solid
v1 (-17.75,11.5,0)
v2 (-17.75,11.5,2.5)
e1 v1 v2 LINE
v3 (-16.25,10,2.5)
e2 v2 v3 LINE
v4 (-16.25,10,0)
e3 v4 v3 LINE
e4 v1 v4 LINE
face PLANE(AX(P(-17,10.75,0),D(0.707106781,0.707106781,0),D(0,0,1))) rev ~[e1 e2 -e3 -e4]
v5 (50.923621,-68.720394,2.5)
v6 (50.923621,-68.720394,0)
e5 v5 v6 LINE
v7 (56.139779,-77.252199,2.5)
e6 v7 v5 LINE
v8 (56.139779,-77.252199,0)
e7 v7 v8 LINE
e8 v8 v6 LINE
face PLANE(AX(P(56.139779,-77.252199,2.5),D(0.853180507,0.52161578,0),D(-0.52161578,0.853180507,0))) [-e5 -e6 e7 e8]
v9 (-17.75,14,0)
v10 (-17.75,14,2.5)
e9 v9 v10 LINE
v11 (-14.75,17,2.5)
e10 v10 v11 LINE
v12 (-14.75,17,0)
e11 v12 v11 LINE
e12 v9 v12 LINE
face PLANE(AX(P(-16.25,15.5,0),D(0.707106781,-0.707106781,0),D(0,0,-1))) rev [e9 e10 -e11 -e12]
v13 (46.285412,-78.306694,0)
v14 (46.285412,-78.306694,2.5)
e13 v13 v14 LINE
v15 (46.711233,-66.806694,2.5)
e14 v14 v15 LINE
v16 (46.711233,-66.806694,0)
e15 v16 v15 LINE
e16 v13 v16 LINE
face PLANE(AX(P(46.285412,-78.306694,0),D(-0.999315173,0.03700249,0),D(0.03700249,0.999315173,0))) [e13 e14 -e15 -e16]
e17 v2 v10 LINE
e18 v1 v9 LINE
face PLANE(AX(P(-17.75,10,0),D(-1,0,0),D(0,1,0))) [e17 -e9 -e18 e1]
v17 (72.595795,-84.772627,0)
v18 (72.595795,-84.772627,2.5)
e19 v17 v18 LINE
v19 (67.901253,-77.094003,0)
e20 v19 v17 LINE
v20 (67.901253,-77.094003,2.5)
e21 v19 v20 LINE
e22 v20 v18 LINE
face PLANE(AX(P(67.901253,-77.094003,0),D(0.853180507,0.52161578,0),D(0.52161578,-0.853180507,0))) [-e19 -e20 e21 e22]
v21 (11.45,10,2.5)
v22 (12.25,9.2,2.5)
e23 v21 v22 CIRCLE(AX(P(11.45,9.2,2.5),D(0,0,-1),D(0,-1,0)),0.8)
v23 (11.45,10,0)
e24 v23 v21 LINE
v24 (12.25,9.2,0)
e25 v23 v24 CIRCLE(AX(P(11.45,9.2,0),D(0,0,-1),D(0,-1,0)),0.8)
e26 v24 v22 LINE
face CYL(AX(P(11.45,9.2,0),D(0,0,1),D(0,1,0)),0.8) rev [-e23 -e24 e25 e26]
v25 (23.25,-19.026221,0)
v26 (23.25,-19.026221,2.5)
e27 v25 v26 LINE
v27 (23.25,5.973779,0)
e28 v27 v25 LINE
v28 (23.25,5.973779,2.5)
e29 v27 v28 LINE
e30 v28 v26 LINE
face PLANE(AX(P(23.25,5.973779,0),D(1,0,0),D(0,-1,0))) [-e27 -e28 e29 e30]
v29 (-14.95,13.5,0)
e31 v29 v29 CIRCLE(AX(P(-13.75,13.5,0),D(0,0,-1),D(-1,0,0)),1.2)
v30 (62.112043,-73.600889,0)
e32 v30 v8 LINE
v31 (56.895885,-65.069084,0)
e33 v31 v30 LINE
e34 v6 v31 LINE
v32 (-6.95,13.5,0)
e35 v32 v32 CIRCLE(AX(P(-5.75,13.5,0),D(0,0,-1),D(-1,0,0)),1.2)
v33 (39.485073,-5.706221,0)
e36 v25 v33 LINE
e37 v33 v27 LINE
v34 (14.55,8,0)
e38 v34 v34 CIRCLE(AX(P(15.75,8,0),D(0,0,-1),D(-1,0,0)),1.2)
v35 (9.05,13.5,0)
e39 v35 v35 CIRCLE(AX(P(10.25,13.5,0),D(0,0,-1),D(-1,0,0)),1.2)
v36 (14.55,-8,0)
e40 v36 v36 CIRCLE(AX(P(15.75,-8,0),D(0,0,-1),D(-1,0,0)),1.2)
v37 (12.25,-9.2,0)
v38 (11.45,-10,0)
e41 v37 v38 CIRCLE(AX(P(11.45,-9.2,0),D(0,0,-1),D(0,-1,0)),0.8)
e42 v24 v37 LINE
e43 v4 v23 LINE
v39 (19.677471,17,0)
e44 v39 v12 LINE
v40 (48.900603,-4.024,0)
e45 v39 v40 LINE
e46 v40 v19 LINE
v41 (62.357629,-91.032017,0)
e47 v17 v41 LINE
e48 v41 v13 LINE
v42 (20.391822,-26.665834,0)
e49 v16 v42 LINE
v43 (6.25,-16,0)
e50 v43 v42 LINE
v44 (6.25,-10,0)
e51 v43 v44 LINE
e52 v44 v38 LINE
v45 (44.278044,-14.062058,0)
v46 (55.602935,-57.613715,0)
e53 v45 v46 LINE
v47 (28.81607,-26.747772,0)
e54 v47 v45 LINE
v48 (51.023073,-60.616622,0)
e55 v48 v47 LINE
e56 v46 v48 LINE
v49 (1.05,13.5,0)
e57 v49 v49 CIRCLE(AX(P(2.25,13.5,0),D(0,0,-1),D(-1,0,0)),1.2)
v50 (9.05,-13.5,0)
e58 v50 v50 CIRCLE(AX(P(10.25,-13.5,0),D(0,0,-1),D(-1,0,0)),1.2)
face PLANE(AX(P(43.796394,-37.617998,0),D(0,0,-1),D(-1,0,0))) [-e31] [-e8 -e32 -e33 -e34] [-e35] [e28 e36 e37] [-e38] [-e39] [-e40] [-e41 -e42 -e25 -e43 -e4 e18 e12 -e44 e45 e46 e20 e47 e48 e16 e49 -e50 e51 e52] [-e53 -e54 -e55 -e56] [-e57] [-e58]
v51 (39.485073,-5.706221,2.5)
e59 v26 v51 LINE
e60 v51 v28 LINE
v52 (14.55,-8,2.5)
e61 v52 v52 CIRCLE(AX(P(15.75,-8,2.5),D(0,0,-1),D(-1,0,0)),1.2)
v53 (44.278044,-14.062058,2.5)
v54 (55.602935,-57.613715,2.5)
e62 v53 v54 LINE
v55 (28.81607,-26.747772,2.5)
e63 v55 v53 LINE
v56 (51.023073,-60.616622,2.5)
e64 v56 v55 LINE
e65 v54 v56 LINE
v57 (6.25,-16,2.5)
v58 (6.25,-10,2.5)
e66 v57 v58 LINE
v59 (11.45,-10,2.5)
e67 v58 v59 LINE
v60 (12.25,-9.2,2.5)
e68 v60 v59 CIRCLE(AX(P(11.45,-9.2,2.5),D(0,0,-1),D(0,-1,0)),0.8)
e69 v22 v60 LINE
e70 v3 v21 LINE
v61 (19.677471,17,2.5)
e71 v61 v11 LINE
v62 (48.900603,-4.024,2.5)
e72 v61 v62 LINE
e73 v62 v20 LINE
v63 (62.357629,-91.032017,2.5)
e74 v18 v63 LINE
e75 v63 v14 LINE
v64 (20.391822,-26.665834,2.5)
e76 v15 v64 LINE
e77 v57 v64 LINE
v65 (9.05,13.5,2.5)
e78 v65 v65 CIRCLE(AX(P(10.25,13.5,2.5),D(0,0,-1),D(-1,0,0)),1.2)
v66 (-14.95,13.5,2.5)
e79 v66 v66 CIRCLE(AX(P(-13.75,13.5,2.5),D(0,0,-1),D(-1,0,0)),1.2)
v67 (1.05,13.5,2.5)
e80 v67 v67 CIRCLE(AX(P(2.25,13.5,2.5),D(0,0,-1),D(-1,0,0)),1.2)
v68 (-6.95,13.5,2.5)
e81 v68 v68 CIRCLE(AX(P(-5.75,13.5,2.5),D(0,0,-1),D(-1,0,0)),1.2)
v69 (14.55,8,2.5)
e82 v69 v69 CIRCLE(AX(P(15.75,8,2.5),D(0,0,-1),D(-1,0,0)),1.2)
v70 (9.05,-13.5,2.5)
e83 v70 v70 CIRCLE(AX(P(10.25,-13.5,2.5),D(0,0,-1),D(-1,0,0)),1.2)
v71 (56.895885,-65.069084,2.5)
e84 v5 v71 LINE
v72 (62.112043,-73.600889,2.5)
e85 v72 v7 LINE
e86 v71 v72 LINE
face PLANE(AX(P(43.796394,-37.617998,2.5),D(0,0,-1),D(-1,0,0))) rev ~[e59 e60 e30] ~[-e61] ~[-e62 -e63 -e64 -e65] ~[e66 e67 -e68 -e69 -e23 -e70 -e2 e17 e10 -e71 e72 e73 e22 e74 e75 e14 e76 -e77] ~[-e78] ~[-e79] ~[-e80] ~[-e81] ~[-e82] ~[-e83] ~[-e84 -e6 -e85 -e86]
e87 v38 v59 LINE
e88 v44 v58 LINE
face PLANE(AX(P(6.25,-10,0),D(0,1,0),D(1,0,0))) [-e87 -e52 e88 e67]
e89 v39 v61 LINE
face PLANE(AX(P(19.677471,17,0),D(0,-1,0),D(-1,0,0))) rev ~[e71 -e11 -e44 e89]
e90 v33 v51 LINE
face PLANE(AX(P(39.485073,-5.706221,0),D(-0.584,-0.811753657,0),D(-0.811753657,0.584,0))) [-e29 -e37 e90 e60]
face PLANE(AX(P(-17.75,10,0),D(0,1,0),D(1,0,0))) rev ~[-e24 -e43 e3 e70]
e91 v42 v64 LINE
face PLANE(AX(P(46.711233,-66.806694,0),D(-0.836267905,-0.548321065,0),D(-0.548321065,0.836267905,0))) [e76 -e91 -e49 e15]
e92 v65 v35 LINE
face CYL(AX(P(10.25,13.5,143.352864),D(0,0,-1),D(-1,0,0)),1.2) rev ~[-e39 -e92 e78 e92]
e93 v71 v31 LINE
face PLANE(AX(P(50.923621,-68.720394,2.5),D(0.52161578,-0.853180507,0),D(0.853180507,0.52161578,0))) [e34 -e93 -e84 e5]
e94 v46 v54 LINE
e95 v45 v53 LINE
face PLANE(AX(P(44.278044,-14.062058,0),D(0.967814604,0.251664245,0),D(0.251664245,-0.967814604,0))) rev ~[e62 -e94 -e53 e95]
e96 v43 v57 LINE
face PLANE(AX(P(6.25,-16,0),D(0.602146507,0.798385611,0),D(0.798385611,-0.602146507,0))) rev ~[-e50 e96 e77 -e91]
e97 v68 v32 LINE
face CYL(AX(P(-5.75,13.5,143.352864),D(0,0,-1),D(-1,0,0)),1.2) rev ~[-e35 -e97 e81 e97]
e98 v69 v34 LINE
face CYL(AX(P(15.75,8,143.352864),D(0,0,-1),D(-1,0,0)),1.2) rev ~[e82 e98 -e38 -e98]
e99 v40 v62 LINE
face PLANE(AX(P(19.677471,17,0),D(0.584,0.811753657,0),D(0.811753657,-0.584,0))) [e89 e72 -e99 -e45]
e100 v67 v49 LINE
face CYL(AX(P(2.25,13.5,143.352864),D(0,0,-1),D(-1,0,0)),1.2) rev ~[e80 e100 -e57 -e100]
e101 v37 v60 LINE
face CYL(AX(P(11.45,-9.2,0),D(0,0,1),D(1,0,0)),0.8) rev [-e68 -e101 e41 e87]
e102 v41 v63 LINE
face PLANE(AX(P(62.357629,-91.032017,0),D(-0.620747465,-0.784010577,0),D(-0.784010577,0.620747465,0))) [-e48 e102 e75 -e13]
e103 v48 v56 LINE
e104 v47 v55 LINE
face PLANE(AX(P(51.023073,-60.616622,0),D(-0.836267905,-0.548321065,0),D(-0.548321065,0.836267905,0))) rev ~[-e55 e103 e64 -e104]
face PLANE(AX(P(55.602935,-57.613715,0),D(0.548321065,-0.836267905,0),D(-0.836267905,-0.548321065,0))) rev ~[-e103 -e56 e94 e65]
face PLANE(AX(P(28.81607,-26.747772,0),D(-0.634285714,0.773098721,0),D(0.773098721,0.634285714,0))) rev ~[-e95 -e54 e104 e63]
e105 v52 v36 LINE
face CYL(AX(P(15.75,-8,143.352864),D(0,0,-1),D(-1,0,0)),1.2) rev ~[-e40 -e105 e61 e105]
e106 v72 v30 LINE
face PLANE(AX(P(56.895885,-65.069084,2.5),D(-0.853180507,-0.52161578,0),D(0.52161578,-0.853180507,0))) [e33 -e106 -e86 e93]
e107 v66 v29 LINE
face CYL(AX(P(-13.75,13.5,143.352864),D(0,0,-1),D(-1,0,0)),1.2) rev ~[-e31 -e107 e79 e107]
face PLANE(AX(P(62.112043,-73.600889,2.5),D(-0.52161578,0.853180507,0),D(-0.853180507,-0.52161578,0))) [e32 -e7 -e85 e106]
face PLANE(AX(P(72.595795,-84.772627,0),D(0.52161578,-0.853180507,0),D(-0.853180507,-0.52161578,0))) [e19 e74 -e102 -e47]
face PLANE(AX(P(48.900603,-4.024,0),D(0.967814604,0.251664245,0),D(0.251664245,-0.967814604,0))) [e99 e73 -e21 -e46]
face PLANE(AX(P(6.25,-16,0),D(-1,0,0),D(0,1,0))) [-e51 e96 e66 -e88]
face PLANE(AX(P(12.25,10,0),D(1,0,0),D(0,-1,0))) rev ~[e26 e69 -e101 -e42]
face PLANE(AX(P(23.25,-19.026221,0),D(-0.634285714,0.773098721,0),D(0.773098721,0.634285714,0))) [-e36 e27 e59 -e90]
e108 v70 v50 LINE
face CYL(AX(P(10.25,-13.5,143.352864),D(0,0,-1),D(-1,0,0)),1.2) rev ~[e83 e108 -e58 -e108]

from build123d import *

# Parameters (mm, degrees)
ESQUISSE1_W             = 6
ESQUISSE1_H             = 6
BOSS_EXTRU_1_DEPTH      = 2.5
D_GAGEMENT_M21_D        = 2.4
CHANFREIN1_SIZE         = 1.5
CHANFREIN2_SIZE         = 3
CONG_3_R                = 0.8
ENL_V_MAT_EXTRU_1_REACH = 4.5


with BuildPart() as part:
    # Esquisse1 → Boss.-Extru.1 (new body)
    with BuildSketch(Plane.XY):
        Polygon((19.677471167, 17), (48.900602827, -4.024), (67.901253291, -77.094002614), (72.595795313, -84.772627178), (62.357629227, -91.032016541), (46.285412403, -78.306693506), (46.71123265, -66.806693506), (20.391821523, -26.665834049), align=None)
        Polygon((51.023072953, -60.616622474), (28.816069815, -26.747772307), (44.278044238, -14.062058021), (55.602935243, -57.613715208), align=None, mode=Mode.SUBTRACT)
        Polygon((39.485073144, -5.706221012), (23.25, 5.973778988), (23.25, -19.026221012), align=None, mode=Mode.SUBTRACT)
        Polygon((12.25, 17), (12.25, 10), (12.25, -10), (12.25, -16), (6.25, -16), (20.391821523, -26.665834049), (19.677471167, 17), align=None)
        with Locations((9.25, -13)):
            Rectangle(ESQUISSE1_W, ESQUISSE1_H)
        Polygon((12.25, 17), (12.25, 10), (-12.25, 10), (-17.75, 10), (-17.75, 17), align=None)
    extrude(amount=BOSS_EXTRU_1_DEPTH)

    # Dégagement M21 (through all)
    with Locations(Plane.XY.offset(2.5)):
        with Locations((-13.75, 13.5), (-5.75, 13.5), (2.25, 13.5), (10.25, 13.5), (15.75, 8), (15.75, -8), (10.25, -13.5)):
            Hole(D_GAGEMENT_M21_D / 2)

    # Chanfrein1
    chanfrein1_edges = [part.edges().sort_by_distance(p)[0] for p in [
        (-17.75, 10, 1.25),
    ]]
    chamfer(chanfrein1_edges, length=CHANFREIN1_SIZE)

    # Chanfrein2
    chanfrein2_edges = [part.edges().sort_by_distance(p)[0] for p in [
        (-17.75, 17, 1.25),
    ]]
    chamfer(chanfrein2_edges, length=CHANFREIN2_SIZE)

    # Congé3
    cong_3_edges = [part.edges().sort_by_distance(p)[0] for p in [
        (12.25, -10, 1.25),
        (12.25, 10, 1.25),
    ]]
    fillet(cong_3_edges, radius=CONG_3_R)

    # Esquisse6 → Enlèv. mat.-Extru.1 (cut, up to next)
    with BuildSketch(Plane.XY.offset(2.5), mode=Mode.PRIVATE) as enl_v_mat_extru_1_sk1:
        Polygon((50.923621455, -68.720394376), (56.895885005, -65.069083914), (62.112042808, -73.600888985), (56.139779258, -77.252199447), align=None)
    enl_v_mat_extru_1_tool1 = extrude(enl_v_mat_extru_1_sk1.sketch, amount=-ENL_V_MAT_EXTRU_1_REACH, mode=Mode.PRIVATE) & part.part
    add(enl_v_mat_extru_1_tool1.solids().sort_by_distance((56.517832, -71.160642, 2.5))[0], mode=Mode.SUBTRACT)


solid = part.part
